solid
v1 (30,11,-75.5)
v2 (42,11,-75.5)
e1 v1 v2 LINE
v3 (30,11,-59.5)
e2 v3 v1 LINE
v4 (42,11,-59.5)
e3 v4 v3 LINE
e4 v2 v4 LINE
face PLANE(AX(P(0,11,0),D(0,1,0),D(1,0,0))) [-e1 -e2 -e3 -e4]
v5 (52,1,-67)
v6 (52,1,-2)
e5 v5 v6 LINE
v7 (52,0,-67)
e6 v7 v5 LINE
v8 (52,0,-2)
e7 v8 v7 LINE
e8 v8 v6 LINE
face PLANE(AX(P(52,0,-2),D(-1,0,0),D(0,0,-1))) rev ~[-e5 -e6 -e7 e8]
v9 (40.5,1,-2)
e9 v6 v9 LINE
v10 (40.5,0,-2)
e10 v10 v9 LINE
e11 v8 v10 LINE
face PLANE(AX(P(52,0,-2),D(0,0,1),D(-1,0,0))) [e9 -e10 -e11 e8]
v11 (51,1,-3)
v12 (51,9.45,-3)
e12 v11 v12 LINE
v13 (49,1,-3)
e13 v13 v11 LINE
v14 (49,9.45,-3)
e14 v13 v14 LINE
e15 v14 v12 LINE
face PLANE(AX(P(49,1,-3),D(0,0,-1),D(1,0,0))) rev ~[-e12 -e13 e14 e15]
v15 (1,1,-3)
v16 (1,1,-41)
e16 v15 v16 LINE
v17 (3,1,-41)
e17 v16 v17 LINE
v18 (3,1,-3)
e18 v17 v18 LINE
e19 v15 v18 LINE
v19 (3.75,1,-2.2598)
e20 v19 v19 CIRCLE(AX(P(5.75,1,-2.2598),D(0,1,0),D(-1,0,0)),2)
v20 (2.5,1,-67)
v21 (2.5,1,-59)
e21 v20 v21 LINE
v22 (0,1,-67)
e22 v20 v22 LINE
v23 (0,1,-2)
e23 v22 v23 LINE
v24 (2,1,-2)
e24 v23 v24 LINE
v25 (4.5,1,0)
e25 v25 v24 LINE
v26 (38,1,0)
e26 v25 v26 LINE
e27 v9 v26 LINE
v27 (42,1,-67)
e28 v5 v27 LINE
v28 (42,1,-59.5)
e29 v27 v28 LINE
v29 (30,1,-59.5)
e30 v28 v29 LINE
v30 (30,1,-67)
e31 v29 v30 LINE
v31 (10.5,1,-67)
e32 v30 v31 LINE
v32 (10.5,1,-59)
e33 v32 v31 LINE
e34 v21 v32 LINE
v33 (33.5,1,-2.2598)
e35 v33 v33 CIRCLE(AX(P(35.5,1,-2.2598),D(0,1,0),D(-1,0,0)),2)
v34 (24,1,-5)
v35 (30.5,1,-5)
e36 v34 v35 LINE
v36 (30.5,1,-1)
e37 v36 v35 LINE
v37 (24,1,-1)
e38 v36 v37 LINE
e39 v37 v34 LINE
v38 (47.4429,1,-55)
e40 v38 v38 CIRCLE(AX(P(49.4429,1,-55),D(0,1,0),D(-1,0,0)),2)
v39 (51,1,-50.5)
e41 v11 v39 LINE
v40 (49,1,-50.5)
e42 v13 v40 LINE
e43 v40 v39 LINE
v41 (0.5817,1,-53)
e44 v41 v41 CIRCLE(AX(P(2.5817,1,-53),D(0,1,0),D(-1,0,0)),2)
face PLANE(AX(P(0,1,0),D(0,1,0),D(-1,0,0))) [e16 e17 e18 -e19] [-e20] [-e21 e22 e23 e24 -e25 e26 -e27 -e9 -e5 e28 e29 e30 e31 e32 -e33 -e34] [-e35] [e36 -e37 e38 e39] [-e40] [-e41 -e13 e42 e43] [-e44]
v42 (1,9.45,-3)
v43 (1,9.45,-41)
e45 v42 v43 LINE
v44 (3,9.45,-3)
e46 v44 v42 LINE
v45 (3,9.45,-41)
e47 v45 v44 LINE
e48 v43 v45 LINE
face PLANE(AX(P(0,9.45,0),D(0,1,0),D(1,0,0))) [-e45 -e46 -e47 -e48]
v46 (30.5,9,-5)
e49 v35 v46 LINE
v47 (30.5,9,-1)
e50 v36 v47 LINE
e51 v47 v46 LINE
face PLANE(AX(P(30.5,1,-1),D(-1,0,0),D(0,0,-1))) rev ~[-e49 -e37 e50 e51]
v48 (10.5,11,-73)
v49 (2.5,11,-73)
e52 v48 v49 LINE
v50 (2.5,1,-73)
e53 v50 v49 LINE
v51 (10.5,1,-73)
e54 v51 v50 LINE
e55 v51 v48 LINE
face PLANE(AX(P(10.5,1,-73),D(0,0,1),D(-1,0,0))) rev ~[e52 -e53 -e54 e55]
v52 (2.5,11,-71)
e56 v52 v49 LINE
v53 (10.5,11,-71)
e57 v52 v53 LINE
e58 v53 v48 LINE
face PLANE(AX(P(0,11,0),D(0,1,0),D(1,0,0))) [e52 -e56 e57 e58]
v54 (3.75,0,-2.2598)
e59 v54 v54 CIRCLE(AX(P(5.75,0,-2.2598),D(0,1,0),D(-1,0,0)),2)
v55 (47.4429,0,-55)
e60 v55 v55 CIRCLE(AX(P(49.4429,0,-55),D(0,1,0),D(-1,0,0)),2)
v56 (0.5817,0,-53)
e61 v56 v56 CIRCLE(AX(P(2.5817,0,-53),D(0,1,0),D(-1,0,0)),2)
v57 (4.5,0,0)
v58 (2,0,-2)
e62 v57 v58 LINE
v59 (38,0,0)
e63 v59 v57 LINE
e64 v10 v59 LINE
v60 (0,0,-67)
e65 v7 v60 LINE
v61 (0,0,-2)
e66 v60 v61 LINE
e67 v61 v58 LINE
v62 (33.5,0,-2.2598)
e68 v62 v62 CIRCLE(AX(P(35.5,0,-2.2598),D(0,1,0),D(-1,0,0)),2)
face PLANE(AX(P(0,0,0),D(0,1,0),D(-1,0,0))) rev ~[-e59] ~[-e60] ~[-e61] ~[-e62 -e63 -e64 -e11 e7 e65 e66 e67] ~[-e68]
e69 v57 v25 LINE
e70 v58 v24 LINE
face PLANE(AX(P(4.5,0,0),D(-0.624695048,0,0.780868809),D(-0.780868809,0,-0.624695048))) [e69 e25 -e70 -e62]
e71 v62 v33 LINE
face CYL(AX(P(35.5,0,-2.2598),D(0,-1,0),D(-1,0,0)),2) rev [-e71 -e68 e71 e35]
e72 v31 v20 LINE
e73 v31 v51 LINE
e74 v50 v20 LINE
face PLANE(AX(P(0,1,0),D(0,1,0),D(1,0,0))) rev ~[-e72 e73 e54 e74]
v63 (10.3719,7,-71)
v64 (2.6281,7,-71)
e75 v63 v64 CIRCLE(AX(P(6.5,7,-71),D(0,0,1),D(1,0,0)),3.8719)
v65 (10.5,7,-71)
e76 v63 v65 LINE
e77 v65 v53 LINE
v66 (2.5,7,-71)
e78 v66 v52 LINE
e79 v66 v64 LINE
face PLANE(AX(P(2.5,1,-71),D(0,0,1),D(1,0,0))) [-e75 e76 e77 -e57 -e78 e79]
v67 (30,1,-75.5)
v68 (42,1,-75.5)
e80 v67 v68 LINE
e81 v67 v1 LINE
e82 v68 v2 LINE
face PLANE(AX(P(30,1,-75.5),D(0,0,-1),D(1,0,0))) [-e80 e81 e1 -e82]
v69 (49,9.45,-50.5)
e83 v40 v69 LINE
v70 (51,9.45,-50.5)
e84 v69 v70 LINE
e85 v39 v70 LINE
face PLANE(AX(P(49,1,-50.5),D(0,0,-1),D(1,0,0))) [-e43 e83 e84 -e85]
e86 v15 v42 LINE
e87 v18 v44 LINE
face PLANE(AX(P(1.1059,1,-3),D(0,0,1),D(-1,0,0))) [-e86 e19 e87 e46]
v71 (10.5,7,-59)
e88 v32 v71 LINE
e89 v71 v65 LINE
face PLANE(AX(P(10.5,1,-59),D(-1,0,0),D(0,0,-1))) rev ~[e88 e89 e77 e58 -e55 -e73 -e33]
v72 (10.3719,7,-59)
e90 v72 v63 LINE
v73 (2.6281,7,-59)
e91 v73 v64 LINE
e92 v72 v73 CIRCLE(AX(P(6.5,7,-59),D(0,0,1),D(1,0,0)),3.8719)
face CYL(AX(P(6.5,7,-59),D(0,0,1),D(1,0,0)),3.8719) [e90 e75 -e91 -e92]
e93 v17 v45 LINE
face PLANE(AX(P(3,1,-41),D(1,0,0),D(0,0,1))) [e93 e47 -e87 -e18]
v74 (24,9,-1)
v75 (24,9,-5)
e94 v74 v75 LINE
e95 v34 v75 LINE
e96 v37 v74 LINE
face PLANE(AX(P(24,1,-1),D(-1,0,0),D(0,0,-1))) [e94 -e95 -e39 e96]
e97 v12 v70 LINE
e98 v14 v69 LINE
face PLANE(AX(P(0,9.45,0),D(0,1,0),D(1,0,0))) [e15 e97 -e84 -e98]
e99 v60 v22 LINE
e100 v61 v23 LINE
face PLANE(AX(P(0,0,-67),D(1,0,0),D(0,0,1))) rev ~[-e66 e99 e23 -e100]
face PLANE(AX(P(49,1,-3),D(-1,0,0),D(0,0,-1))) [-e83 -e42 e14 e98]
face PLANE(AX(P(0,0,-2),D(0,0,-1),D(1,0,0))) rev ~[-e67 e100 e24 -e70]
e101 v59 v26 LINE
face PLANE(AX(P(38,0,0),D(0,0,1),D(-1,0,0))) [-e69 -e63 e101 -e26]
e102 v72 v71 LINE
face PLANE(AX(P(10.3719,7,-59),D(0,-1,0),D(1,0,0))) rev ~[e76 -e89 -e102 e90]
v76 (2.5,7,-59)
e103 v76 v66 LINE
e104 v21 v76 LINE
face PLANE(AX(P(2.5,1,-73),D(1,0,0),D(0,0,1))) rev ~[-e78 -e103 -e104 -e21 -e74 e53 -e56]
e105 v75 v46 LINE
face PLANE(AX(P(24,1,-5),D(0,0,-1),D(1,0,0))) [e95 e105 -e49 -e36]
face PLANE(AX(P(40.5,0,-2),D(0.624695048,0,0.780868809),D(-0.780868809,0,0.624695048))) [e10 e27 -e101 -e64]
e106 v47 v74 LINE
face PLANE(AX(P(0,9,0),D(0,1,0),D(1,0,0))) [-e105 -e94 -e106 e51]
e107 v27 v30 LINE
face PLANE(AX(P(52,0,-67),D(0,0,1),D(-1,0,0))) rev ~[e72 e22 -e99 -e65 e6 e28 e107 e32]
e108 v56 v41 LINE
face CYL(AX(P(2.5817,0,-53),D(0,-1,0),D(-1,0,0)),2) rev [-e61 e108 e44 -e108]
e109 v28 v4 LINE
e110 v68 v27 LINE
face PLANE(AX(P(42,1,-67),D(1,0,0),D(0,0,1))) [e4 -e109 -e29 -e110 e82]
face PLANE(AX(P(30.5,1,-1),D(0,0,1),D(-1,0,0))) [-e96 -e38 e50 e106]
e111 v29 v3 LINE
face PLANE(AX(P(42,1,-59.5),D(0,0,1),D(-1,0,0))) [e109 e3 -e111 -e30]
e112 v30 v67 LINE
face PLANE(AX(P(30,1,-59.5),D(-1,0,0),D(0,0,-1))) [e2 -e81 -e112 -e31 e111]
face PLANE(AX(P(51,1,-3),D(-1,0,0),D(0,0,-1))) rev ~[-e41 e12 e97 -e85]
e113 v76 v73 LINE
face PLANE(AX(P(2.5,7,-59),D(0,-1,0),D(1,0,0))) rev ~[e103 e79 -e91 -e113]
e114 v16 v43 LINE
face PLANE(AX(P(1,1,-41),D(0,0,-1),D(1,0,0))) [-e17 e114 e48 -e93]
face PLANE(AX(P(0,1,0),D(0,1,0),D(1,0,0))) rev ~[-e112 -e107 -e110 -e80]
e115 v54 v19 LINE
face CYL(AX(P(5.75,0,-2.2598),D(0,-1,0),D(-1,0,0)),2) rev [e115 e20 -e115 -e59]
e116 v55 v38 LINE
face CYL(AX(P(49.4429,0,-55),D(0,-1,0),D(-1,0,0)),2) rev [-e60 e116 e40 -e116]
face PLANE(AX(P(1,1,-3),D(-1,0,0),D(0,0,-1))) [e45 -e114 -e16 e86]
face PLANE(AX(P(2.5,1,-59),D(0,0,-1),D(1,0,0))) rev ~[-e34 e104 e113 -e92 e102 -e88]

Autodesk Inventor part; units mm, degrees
ref_plane "YZ Plane" through (0, 0, 0) normal (1, 0, 0) x (0, 1, 0)
ref_plane "XZ Plane" through (0, 0, 0) normal (0, 1, 0) x (-1, 0, 0)
ref_plane "XY Plane" through (0, 0, 0) normal (0, 0, 1) x (1, 0, 0)
sketch "Boceto1" plane through (0, 0, 0) normal (0, 1, 0) x (-1, 0, 0)
  line L0 (-52, -2) -> (-52, -55)
  line L1 (-52, -67) -> (0, -67)
  line L2 (0, -67) -> (0, -2)
  line L3 (-52, -2) -> (-40.5, -2)
  line L4 (-40.5, -2) -> (-38, 0)
  line L5 (-38, 0) -> (-4.5, 0)
  line L6 (0, -2) -> (-2, -2)
  line L7 (-4.5, 0) -> (-2, -2)
  line L8 (-52, -67) -> (-52, -55)
  circle A0 centre (-49.4429, -55) radius 2
  circle A1 centre (-2.5817, -53) radius 2
  circle A2 centre (-35.5, -2.2598) radius 2
  line L9 (-4.5, 0) -> (-7, 0)
  circle A3 centre (-5.75, -2.2598) radius 2
  point P0 (0, 0)
extrude "Extrusión1" add sketch "Boceto1" along normal blind 1
sketch "Boceto2" plane through (0, 1, 0) normal (0, 1, 0) x (1, 0, 0)
  line L0 (49, 3) -> (51, 3)
  line L1 (51, 3) -> (51, 50.5)
  line L2 (40.5, 2) -> (52, 2) projected
  line L3 (52, 2) -> (52, 67) projected
  line L4 (49, 3) -> (49, 50.5)
  line L5 (49, 50.5) -> (51, 50.5)
  line L6 (1.1059, 3) -> (3, 3)
  line L7 (0, 2) -> (2, 2) projected
  line L8 (0, 67) -> (0, 2) projected
  line L9 (1.1059, 3) -> (1, 3)
  line L10 (1, 3) -> (1, 41)
  line L11 (1, 41) -> (3.1059, 41)
  line L12 (3, 41) -> (3, 3)
  point P0 (0, 0)
extrude "Extrusión2" add sketch "Boceto2" along normal blind 8.45
sketch "Boceto3" plane through (0, 1, 0) normal (0, 1, 0) x (1, 0, 0)
  line L0 (30.5, 1) -> (30.5, 5)
  line L1 (24, 1) -> (24, 5)
  line L2 (24, 5) -> (30.5, 5)
  line L3 (30.5, 1) -> (24, 1)
  point P0 (0, 0)
  point P1 (38, 0)
extrude "Extrusión3" add sketch "Boceto3" along normal blind 8
sketch "Boceto4" plane through (0, 1, 0) normal (0, 1, 0) x (1, 0, 0)
  line L0 (42, 67) -> (42, 59.5)
  line L1 (42, 59.5) -> (30, 59.5)
  line L2 (30, 59.5) -> (30, 75.5)
  line L3 (30, 75.5) -> (42, 75.5)
  line L4 (42, 75.5) -> (42, 67)
  point P0 (0, 0)
  point P1 (52, 67)
extrude "Extrusión4" add sketch "Boceto4" along normal blind 10
sketch "Boceto5" plane through (0, 1, 0) normal (0, 1, 0) x (1, 0, 0)
  line L0 (2.5, 67) -> (2.5, 59)
  line L1 (2.5, 59) -> (10.5, 59)
  line L2 (10.5, 59) -> (10.5, 73)
  line L3 (10.5, 73) -> (2.5, 73)
  line L4 (2.5, 73) -> (2.5, 67)
  point P0 (0, 0)
  point P1 (0, 67)
extrude "Extrusión5" add sketch "Boceto5" along normal blind 10
sketch "Boceto6" plane through (2.5, 1, -59) normal (0, 0, 1) x (1, 0, 0)
  line L0 (0, 10) -> (8, 10) projected
  arc A0 (7.8719, 6) -> (0.1281, 6) centre (4, 6) ccw
  line L1 (8, 0) -> (8, 10) projected
  line L2 (0, 6) -> (0.1281, 6)
  line L3 (7.8719, 6) -> (8, 6)
  line L4 (8, 6) -> (8, 10)
  line L5 (0, 10) -> (8, 10)
  line L6 (0, 0) -> (0, 10) projected
  line L7 (0, 10) -> (0, 6)
  point P0 (-2.5, -1)
extrude "Extrusión6" cut sketch "Boceto6" against normal blind 12
sketch "Boceto7" plane through (0, 1, 0) normal (0, 1, 0) x (1, 0, 0)
  line L0 (33.4324, 46.0381) -> (33.4324, 19.5952) construction
  line L1 (33.4324, 19.5952) -> (29.7026, 19.5952) construction
  line L2 (29.7026, 19.5952) -> (29.7026, 46.0381) construction
  line L3 (29.7026, 46.0381) -> (33.4324, 46.0381) construction
equation "\"Radio_pliegue\" = Grosor"
equation "\"Anchura_desahogo_plegado\" = Grosor"
equation "\"Profundidad_desahogo_plegado\" = 0.5 * Grosor"
equation "\"Tamaño_destalonado\" = 4 * Grosor"
equation "\"Remanente_mínimo\" = 2 * Grosor"
equation "\"Radiodetransición\" = Radio_pliegue"
equation "\"Tamaño_de_radio_de_Jacobi\" = Radio_pliegue"
equation "\"TamañoSeparación\" = Grosor"
equation "\"Grosor\" = 0.5"
properties part number "arduino uno"
